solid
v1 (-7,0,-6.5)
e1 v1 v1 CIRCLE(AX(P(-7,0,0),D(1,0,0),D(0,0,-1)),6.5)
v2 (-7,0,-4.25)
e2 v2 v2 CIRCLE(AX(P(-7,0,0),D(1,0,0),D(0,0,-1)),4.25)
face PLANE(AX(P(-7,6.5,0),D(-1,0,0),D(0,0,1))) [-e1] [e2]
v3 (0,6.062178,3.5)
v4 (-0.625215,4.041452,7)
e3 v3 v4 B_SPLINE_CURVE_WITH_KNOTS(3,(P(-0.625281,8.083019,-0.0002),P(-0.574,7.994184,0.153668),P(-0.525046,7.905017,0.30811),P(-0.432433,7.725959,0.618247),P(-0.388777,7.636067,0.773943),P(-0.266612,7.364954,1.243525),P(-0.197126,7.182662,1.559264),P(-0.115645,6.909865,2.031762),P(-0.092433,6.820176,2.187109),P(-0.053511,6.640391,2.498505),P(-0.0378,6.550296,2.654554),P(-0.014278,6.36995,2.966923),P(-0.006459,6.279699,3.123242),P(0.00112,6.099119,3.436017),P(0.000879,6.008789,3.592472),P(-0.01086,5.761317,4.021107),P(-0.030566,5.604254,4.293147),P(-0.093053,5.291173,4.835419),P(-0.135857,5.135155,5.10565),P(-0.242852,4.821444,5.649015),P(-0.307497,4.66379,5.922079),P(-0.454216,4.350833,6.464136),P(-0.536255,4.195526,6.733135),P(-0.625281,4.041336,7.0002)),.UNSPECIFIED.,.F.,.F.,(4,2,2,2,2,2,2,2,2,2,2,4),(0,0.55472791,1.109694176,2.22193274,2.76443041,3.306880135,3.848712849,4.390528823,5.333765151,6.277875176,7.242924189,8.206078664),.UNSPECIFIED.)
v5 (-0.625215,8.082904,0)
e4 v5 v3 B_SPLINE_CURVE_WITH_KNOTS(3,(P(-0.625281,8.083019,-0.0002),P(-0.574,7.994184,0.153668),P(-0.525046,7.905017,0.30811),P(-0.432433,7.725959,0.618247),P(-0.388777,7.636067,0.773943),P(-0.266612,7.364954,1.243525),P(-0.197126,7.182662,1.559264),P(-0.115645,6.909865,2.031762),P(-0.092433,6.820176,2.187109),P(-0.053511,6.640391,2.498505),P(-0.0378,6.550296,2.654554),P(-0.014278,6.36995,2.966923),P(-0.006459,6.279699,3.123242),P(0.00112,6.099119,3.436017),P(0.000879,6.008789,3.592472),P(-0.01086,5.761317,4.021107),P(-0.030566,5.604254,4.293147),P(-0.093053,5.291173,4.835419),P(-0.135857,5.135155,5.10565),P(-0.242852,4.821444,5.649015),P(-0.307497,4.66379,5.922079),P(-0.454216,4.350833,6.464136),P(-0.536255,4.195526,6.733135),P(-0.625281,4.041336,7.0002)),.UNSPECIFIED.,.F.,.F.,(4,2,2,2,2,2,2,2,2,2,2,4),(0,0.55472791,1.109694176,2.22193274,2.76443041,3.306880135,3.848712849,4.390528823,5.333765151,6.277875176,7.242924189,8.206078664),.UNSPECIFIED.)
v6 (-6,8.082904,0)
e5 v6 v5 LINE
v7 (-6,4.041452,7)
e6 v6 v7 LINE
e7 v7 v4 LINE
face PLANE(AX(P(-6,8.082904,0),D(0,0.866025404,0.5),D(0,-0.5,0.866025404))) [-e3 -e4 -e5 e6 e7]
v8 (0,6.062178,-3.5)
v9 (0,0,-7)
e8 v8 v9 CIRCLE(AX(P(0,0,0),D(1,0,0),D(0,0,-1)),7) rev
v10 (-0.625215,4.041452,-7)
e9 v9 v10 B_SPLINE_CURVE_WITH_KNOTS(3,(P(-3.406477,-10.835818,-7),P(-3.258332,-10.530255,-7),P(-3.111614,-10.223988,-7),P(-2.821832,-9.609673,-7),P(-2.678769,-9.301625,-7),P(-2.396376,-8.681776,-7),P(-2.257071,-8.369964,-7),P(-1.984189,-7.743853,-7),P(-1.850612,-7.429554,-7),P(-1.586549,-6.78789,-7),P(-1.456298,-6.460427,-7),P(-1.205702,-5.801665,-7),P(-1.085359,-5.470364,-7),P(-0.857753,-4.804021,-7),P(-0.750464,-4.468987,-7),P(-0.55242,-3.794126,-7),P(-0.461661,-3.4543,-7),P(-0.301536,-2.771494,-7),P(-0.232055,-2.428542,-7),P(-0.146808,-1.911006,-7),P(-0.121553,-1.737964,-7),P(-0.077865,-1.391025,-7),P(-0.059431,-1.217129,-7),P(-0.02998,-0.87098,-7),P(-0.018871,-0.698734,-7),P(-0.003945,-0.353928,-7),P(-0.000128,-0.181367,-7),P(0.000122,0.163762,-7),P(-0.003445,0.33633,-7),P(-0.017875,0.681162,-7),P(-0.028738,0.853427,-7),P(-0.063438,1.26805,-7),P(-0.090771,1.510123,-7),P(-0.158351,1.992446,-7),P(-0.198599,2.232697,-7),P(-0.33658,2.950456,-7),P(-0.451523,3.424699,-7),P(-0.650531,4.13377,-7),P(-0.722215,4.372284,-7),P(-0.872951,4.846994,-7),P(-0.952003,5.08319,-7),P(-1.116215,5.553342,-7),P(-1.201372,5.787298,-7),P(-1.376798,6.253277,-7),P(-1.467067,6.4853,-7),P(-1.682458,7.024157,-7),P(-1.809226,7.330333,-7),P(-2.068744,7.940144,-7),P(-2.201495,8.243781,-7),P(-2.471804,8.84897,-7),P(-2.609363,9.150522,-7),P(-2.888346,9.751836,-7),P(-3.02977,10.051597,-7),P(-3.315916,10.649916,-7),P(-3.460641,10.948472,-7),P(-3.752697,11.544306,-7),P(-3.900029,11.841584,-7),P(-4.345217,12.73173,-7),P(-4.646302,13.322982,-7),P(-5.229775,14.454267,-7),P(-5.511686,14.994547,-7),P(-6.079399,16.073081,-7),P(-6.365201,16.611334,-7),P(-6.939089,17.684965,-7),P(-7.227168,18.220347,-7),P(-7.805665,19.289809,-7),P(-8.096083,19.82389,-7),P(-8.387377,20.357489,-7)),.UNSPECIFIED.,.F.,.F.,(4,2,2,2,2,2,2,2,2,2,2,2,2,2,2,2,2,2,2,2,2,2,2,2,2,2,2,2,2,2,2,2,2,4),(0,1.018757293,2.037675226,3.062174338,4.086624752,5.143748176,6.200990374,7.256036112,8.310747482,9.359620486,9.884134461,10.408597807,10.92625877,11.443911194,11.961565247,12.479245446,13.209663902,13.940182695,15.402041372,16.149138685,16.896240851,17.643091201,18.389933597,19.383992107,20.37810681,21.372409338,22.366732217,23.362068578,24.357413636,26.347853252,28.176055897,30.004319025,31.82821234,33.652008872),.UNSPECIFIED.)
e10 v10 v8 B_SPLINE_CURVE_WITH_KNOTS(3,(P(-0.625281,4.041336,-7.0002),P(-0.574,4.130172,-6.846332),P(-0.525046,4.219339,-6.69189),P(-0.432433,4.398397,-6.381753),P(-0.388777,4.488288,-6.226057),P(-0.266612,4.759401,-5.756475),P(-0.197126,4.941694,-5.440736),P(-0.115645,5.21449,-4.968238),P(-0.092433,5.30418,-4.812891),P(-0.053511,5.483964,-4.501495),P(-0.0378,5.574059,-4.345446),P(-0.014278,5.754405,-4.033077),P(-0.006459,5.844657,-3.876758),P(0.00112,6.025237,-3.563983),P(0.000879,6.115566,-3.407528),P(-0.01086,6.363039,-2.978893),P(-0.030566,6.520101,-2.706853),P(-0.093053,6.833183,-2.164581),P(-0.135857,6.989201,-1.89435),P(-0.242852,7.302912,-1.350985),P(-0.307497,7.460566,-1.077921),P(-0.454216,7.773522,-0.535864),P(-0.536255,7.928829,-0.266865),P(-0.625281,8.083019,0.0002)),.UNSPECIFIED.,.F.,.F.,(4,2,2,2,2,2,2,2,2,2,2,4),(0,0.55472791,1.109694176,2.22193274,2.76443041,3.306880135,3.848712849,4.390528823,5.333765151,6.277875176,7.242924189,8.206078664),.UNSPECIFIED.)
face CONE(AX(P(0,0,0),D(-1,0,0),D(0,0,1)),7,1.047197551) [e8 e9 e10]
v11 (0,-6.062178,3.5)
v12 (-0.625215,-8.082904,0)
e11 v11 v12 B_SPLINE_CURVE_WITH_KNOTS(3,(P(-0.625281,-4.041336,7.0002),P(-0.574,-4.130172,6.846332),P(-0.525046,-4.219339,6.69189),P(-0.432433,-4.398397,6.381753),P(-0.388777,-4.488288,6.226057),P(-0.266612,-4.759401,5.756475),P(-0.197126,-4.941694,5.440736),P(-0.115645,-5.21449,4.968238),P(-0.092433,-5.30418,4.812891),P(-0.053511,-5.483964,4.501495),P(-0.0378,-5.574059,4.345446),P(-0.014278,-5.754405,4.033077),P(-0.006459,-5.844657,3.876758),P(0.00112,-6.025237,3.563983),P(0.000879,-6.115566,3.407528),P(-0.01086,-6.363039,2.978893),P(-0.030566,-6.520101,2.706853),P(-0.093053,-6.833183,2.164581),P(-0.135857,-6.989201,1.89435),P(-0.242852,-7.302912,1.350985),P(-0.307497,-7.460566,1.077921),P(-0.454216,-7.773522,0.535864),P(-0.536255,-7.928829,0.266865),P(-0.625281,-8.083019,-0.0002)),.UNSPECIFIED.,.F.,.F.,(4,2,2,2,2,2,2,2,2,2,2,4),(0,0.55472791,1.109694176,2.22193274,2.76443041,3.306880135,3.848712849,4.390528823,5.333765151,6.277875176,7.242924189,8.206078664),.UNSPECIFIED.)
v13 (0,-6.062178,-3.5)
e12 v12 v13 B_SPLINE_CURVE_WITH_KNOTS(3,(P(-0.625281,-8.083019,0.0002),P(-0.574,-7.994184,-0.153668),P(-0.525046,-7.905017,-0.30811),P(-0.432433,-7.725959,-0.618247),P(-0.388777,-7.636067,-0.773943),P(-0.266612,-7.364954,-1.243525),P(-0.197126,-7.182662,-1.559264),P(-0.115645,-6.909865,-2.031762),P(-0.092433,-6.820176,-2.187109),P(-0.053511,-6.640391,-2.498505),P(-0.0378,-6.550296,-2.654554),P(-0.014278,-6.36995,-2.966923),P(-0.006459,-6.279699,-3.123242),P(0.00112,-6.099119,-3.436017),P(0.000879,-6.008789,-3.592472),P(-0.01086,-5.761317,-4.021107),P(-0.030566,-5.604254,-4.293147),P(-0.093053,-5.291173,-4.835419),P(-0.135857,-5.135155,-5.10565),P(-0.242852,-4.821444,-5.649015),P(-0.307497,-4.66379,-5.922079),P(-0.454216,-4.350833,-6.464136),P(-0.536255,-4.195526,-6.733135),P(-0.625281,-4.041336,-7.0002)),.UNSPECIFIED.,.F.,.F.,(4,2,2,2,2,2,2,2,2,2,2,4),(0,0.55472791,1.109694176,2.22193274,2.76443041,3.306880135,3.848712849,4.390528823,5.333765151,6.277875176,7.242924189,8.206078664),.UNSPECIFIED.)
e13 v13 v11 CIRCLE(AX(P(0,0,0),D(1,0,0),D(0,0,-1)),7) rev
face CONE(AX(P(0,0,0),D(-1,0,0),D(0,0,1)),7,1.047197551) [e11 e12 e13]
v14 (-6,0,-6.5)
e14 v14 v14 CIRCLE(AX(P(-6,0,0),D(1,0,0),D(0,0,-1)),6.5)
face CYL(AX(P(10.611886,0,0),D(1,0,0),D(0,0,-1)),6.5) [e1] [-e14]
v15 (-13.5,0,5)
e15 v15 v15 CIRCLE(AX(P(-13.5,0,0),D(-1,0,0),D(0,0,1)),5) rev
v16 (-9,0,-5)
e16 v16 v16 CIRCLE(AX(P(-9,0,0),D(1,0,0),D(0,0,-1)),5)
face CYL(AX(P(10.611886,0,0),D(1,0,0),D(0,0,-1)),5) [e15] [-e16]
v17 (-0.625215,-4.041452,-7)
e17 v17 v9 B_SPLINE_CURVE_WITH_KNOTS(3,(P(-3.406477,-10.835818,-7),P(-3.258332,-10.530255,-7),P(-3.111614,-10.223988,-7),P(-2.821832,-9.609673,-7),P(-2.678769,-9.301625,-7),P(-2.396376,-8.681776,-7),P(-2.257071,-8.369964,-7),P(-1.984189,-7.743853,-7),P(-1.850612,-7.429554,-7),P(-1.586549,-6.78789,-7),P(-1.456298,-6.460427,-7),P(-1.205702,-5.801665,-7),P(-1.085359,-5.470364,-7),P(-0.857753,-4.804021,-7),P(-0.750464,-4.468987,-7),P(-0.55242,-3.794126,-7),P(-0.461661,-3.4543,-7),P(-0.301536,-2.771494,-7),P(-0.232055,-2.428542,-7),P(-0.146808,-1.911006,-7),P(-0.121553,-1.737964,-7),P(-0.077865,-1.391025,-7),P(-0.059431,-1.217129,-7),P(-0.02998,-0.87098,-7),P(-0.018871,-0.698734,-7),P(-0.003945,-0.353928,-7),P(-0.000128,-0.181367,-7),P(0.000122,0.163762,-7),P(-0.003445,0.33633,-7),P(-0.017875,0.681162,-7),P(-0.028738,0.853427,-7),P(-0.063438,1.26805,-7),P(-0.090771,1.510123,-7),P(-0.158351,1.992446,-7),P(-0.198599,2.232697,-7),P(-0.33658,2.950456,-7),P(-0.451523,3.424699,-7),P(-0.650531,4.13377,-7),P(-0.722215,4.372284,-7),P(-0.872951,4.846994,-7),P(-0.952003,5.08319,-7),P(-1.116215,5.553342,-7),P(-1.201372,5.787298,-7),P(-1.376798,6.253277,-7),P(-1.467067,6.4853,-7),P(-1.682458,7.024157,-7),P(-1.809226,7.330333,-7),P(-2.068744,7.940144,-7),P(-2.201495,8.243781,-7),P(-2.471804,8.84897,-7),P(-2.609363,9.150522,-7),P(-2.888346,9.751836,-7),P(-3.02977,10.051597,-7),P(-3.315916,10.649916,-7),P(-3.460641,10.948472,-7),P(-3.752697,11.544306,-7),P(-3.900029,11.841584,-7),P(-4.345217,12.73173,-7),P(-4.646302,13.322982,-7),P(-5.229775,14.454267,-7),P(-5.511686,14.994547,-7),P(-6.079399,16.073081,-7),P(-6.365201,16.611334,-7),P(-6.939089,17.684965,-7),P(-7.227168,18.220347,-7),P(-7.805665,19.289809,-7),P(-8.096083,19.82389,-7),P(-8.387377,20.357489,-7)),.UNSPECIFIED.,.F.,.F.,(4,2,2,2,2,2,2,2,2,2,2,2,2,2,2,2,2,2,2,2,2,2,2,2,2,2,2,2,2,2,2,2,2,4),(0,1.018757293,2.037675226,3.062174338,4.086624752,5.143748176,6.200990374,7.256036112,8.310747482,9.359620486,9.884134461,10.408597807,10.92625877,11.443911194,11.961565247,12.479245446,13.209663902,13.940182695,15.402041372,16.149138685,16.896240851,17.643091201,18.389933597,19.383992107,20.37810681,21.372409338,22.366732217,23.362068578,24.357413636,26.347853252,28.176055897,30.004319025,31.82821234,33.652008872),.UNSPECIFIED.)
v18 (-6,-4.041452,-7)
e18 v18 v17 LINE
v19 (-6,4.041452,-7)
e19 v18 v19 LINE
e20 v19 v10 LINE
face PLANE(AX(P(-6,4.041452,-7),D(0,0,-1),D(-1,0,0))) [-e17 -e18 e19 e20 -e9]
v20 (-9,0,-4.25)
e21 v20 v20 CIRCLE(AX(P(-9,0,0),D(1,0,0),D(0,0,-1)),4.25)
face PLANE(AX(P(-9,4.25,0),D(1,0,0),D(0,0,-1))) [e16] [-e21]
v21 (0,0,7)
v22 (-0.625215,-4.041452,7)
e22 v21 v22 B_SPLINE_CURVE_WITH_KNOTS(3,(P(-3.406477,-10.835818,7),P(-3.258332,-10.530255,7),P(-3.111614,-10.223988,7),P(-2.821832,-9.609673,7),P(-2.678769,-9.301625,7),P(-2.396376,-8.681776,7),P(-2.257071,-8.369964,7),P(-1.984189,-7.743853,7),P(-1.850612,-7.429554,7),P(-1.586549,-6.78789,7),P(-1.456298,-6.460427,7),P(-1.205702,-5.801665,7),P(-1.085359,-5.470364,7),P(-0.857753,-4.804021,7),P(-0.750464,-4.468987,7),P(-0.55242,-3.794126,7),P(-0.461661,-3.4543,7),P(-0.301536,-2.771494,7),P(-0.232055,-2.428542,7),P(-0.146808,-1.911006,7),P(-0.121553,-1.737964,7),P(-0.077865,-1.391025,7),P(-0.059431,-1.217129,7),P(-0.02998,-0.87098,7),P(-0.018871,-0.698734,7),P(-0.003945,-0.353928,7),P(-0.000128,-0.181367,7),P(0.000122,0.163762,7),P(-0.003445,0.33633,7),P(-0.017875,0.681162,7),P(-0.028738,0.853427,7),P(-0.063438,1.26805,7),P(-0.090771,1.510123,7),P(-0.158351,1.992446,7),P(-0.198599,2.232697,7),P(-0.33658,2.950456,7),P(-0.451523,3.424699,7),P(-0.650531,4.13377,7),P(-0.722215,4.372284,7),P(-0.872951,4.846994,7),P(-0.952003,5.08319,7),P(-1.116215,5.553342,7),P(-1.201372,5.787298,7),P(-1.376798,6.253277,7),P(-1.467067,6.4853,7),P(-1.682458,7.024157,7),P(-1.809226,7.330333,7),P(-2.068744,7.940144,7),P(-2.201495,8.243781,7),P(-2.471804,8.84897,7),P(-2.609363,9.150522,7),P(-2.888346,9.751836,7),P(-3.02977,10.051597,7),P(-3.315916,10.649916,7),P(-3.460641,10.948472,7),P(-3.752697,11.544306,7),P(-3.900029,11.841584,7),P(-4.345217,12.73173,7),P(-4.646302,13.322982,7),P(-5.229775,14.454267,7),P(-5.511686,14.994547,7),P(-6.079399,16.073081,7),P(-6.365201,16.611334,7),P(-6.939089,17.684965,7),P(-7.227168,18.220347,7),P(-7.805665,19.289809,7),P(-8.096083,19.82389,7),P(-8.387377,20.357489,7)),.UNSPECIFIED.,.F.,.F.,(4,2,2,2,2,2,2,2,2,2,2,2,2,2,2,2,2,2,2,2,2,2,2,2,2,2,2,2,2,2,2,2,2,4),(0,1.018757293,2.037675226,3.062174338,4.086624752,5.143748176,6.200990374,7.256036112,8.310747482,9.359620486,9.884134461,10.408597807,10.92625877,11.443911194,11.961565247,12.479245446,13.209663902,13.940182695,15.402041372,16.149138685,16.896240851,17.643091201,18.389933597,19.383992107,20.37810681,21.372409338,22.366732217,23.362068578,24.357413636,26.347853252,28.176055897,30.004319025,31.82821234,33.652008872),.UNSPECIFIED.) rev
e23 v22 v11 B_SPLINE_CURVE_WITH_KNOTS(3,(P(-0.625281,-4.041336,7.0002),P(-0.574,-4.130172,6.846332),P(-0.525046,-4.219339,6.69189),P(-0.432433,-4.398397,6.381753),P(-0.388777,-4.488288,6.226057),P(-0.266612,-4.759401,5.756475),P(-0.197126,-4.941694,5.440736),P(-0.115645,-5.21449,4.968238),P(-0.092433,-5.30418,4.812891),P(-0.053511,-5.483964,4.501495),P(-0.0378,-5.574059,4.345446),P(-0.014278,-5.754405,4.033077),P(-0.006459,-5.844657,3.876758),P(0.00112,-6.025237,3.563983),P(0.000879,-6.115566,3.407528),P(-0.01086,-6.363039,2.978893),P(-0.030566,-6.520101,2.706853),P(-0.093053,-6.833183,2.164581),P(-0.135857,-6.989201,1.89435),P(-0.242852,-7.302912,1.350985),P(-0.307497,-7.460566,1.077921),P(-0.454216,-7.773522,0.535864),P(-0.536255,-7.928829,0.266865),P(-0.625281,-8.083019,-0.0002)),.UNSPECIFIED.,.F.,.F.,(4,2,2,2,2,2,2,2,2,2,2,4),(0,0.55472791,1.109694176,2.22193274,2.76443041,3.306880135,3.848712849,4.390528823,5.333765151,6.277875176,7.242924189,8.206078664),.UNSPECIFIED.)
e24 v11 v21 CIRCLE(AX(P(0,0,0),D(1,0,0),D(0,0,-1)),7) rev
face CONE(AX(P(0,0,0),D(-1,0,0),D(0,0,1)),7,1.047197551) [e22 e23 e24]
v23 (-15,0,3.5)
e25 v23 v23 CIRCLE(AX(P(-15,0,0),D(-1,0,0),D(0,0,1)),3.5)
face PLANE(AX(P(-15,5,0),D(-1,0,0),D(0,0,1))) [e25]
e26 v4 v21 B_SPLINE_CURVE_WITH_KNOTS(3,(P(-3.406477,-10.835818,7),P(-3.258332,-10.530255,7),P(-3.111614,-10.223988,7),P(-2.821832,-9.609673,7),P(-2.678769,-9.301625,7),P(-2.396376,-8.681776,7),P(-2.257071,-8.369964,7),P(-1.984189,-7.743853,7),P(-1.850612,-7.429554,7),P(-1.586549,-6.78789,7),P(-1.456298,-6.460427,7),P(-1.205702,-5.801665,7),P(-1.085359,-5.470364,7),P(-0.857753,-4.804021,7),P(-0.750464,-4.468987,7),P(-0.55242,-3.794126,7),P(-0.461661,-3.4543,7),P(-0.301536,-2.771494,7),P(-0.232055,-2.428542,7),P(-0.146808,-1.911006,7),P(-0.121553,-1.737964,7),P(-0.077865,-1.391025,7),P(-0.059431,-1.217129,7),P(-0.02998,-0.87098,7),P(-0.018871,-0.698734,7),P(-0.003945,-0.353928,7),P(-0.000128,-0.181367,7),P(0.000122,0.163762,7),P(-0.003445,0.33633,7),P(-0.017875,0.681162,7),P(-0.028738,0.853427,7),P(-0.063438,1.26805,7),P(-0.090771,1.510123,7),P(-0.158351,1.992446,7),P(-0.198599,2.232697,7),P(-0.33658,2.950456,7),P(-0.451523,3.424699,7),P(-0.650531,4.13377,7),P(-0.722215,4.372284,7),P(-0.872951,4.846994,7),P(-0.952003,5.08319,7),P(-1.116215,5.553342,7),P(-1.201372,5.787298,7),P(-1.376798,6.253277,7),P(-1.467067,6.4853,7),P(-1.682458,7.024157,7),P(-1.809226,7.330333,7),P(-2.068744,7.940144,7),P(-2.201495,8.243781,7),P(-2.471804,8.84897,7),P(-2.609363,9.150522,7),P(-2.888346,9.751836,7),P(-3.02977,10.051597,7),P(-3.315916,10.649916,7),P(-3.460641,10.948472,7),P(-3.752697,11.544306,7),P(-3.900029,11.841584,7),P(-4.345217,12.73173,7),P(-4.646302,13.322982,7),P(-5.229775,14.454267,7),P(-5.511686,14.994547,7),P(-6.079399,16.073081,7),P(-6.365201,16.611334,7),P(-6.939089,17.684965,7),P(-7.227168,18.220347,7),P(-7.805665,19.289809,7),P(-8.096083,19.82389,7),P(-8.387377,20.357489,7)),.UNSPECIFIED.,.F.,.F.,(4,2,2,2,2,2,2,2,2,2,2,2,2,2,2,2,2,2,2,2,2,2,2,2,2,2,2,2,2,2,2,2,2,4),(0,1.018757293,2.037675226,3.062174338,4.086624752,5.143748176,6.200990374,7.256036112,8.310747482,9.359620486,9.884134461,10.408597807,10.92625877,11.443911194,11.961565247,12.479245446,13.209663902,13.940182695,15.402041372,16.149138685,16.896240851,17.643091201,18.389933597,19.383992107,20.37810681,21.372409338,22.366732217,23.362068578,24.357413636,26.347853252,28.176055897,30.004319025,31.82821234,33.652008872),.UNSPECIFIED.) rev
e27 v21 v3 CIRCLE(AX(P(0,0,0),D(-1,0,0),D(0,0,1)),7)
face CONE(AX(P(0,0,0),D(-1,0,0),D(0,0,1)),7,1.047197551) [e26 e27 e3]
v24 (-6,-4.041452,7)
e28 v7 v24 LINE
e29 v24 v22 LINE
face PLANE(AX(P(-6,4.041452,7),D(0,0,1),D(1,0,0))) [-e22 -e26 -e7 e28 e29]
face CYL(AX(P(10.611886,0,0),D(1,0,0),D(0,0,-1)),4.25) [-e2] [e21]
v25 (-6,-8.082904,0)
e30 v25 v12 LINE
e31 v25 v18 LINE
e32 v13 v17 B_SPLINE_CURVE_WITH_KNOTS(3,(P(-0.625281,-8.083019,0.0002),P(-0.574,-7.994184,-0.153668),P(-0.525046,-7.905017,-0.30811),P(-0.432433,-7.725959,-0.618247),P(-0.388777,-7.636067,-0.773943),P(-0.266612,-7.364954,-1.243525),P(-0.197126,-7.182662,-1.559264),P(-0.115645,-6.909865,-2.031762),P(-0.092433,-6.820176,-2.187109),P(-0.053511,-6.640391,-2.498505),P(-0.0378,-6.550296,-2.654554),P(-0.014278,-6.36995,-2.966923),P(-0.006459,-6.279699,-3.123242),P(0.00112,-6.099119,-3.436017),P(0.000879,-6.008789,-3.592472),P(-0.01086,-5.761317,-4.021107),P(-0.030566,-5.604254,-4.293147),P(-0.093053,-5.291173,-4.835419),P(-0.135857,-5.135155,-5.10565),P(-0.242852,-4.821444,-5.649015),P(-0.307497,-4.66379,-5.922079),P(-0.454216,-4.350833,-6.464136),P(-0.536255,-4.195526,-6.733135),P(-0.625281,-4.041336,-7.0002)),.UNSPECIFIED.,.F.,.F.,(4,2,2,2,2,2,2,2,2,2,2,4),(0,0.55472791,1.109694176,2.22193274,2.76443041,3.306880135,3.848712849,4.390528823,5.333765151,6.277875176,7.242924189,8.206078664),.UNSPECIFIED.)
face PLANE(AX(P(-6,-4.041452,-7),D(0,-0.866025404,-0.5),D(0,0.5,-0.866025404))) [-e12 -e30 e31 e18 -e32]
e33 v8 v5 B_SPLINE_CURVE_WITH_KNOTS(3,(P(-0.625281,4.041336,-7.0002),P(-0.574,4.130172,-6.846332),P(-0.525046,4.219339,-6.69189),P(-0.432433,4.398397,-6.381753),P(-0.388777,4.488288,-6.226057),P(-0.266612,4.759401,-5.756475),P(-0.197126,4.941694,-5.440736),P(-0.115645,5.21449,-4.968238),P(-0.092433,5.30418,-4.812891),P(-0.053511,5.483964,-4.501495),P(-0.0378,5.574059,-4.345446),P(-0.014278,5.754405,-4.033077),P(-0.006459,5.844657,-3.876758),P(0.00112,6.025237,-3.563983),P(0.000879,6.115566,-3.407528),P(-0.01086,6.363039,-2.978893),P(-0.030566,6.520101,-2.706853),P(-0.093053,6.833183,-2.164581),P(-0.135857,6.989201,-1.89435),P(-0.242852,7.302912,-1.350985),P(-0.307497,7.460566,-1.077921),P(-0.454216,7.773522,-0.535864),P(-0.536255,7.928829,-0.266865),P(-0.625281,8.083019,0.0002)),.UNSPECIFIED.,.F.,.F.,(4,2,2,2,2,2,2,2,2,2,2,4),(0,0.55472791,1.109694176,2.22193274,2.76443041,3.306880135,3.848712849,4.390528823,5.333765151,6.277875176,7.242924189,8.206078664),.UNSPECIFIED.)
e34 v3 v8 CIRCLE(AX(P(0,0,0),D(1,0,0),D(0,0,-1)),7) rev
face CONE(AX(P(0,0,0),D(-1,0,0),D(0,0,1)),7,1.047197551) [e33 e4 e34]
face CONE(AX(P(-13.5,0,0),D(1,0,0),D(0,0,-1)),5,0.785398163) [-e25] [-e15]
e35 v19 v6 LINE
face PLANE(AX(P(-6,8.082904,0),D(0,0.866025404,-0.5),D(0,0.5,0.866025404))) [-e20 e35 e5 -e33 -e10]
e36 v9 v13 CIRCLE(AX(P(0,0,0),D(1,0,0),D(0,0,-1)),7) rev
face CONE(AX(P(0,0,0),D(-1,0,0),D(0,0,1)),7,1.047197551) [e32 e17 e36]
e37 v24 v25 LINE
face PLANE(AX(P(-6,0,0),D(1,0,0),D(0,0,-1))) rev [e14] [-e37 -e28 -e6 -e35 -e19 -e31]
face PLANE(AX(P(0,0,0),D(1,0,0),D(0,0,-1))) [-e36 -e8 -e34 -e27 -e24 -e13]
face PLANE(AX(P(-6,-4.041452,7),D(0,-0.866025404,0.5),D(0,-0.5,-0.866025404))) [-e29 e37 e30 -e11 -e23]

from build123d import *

# Parameters (mm, degrees)
EXTRUDE_1_DEPTH = 6
CHAMFER_1_SIZE  = 1.5


with BuildPart() as part:
    # 草图1 → 凸台-拉伸1 (new body)
    with BuildSketch(Plane(origin=(0, 0, 0), x_dir=(0, 0, -1), z_dir=(1, 0, 0))):
        Polygon((0, 8.082903769), (7, 4.041451884), (7, -4.041451884), (0, -8.082903769), (-7, -4.041451884), (-7, 4.041451884), align=None)
    extrude(amount=-EXTRUDE_1_DEPTH)

    # 草图3 → 旋转1 (revolve)
    with BuildSketch(Plane.XY, mode=Mode.PRIVATE) as revolve_1_sk:
        Polygon((-6, 6.5), (-7, 6.5), (-7, 4.25), (-9, 4.25), (-9, 5), (-15, 5), (-15, 0), (-6, 0), align=None)
    revolve(revolve_1_sk.sketch.rotate(Axis((10.611885909, 0, 0), (-1, 0, 0)), 90), axis=Axis((10.611885909, 0, 0), (-1, 0, 0)))

    # 草图4 → 切除-旋转1 (revolve, cut)
    with BuildSketch(Plane.XY):
        Polygon((0, -7), (-1.467666471, -9.542072896), (2.047412029, -9.542072896), align=None)
    revolve(axis=Axis((-15, 0, 0), (1, 0, 0)), mode=Mode.SUBTRACT)

    # 倒角1
    chamfer_1_edges = [part.edges().sort_by_distance(p)[0] for p in [
        (-15, 0, 5),
    ]]
    chamfer(chamfer_1_edges, length=CHAMFER_1_SIZE)


solid = part.part
